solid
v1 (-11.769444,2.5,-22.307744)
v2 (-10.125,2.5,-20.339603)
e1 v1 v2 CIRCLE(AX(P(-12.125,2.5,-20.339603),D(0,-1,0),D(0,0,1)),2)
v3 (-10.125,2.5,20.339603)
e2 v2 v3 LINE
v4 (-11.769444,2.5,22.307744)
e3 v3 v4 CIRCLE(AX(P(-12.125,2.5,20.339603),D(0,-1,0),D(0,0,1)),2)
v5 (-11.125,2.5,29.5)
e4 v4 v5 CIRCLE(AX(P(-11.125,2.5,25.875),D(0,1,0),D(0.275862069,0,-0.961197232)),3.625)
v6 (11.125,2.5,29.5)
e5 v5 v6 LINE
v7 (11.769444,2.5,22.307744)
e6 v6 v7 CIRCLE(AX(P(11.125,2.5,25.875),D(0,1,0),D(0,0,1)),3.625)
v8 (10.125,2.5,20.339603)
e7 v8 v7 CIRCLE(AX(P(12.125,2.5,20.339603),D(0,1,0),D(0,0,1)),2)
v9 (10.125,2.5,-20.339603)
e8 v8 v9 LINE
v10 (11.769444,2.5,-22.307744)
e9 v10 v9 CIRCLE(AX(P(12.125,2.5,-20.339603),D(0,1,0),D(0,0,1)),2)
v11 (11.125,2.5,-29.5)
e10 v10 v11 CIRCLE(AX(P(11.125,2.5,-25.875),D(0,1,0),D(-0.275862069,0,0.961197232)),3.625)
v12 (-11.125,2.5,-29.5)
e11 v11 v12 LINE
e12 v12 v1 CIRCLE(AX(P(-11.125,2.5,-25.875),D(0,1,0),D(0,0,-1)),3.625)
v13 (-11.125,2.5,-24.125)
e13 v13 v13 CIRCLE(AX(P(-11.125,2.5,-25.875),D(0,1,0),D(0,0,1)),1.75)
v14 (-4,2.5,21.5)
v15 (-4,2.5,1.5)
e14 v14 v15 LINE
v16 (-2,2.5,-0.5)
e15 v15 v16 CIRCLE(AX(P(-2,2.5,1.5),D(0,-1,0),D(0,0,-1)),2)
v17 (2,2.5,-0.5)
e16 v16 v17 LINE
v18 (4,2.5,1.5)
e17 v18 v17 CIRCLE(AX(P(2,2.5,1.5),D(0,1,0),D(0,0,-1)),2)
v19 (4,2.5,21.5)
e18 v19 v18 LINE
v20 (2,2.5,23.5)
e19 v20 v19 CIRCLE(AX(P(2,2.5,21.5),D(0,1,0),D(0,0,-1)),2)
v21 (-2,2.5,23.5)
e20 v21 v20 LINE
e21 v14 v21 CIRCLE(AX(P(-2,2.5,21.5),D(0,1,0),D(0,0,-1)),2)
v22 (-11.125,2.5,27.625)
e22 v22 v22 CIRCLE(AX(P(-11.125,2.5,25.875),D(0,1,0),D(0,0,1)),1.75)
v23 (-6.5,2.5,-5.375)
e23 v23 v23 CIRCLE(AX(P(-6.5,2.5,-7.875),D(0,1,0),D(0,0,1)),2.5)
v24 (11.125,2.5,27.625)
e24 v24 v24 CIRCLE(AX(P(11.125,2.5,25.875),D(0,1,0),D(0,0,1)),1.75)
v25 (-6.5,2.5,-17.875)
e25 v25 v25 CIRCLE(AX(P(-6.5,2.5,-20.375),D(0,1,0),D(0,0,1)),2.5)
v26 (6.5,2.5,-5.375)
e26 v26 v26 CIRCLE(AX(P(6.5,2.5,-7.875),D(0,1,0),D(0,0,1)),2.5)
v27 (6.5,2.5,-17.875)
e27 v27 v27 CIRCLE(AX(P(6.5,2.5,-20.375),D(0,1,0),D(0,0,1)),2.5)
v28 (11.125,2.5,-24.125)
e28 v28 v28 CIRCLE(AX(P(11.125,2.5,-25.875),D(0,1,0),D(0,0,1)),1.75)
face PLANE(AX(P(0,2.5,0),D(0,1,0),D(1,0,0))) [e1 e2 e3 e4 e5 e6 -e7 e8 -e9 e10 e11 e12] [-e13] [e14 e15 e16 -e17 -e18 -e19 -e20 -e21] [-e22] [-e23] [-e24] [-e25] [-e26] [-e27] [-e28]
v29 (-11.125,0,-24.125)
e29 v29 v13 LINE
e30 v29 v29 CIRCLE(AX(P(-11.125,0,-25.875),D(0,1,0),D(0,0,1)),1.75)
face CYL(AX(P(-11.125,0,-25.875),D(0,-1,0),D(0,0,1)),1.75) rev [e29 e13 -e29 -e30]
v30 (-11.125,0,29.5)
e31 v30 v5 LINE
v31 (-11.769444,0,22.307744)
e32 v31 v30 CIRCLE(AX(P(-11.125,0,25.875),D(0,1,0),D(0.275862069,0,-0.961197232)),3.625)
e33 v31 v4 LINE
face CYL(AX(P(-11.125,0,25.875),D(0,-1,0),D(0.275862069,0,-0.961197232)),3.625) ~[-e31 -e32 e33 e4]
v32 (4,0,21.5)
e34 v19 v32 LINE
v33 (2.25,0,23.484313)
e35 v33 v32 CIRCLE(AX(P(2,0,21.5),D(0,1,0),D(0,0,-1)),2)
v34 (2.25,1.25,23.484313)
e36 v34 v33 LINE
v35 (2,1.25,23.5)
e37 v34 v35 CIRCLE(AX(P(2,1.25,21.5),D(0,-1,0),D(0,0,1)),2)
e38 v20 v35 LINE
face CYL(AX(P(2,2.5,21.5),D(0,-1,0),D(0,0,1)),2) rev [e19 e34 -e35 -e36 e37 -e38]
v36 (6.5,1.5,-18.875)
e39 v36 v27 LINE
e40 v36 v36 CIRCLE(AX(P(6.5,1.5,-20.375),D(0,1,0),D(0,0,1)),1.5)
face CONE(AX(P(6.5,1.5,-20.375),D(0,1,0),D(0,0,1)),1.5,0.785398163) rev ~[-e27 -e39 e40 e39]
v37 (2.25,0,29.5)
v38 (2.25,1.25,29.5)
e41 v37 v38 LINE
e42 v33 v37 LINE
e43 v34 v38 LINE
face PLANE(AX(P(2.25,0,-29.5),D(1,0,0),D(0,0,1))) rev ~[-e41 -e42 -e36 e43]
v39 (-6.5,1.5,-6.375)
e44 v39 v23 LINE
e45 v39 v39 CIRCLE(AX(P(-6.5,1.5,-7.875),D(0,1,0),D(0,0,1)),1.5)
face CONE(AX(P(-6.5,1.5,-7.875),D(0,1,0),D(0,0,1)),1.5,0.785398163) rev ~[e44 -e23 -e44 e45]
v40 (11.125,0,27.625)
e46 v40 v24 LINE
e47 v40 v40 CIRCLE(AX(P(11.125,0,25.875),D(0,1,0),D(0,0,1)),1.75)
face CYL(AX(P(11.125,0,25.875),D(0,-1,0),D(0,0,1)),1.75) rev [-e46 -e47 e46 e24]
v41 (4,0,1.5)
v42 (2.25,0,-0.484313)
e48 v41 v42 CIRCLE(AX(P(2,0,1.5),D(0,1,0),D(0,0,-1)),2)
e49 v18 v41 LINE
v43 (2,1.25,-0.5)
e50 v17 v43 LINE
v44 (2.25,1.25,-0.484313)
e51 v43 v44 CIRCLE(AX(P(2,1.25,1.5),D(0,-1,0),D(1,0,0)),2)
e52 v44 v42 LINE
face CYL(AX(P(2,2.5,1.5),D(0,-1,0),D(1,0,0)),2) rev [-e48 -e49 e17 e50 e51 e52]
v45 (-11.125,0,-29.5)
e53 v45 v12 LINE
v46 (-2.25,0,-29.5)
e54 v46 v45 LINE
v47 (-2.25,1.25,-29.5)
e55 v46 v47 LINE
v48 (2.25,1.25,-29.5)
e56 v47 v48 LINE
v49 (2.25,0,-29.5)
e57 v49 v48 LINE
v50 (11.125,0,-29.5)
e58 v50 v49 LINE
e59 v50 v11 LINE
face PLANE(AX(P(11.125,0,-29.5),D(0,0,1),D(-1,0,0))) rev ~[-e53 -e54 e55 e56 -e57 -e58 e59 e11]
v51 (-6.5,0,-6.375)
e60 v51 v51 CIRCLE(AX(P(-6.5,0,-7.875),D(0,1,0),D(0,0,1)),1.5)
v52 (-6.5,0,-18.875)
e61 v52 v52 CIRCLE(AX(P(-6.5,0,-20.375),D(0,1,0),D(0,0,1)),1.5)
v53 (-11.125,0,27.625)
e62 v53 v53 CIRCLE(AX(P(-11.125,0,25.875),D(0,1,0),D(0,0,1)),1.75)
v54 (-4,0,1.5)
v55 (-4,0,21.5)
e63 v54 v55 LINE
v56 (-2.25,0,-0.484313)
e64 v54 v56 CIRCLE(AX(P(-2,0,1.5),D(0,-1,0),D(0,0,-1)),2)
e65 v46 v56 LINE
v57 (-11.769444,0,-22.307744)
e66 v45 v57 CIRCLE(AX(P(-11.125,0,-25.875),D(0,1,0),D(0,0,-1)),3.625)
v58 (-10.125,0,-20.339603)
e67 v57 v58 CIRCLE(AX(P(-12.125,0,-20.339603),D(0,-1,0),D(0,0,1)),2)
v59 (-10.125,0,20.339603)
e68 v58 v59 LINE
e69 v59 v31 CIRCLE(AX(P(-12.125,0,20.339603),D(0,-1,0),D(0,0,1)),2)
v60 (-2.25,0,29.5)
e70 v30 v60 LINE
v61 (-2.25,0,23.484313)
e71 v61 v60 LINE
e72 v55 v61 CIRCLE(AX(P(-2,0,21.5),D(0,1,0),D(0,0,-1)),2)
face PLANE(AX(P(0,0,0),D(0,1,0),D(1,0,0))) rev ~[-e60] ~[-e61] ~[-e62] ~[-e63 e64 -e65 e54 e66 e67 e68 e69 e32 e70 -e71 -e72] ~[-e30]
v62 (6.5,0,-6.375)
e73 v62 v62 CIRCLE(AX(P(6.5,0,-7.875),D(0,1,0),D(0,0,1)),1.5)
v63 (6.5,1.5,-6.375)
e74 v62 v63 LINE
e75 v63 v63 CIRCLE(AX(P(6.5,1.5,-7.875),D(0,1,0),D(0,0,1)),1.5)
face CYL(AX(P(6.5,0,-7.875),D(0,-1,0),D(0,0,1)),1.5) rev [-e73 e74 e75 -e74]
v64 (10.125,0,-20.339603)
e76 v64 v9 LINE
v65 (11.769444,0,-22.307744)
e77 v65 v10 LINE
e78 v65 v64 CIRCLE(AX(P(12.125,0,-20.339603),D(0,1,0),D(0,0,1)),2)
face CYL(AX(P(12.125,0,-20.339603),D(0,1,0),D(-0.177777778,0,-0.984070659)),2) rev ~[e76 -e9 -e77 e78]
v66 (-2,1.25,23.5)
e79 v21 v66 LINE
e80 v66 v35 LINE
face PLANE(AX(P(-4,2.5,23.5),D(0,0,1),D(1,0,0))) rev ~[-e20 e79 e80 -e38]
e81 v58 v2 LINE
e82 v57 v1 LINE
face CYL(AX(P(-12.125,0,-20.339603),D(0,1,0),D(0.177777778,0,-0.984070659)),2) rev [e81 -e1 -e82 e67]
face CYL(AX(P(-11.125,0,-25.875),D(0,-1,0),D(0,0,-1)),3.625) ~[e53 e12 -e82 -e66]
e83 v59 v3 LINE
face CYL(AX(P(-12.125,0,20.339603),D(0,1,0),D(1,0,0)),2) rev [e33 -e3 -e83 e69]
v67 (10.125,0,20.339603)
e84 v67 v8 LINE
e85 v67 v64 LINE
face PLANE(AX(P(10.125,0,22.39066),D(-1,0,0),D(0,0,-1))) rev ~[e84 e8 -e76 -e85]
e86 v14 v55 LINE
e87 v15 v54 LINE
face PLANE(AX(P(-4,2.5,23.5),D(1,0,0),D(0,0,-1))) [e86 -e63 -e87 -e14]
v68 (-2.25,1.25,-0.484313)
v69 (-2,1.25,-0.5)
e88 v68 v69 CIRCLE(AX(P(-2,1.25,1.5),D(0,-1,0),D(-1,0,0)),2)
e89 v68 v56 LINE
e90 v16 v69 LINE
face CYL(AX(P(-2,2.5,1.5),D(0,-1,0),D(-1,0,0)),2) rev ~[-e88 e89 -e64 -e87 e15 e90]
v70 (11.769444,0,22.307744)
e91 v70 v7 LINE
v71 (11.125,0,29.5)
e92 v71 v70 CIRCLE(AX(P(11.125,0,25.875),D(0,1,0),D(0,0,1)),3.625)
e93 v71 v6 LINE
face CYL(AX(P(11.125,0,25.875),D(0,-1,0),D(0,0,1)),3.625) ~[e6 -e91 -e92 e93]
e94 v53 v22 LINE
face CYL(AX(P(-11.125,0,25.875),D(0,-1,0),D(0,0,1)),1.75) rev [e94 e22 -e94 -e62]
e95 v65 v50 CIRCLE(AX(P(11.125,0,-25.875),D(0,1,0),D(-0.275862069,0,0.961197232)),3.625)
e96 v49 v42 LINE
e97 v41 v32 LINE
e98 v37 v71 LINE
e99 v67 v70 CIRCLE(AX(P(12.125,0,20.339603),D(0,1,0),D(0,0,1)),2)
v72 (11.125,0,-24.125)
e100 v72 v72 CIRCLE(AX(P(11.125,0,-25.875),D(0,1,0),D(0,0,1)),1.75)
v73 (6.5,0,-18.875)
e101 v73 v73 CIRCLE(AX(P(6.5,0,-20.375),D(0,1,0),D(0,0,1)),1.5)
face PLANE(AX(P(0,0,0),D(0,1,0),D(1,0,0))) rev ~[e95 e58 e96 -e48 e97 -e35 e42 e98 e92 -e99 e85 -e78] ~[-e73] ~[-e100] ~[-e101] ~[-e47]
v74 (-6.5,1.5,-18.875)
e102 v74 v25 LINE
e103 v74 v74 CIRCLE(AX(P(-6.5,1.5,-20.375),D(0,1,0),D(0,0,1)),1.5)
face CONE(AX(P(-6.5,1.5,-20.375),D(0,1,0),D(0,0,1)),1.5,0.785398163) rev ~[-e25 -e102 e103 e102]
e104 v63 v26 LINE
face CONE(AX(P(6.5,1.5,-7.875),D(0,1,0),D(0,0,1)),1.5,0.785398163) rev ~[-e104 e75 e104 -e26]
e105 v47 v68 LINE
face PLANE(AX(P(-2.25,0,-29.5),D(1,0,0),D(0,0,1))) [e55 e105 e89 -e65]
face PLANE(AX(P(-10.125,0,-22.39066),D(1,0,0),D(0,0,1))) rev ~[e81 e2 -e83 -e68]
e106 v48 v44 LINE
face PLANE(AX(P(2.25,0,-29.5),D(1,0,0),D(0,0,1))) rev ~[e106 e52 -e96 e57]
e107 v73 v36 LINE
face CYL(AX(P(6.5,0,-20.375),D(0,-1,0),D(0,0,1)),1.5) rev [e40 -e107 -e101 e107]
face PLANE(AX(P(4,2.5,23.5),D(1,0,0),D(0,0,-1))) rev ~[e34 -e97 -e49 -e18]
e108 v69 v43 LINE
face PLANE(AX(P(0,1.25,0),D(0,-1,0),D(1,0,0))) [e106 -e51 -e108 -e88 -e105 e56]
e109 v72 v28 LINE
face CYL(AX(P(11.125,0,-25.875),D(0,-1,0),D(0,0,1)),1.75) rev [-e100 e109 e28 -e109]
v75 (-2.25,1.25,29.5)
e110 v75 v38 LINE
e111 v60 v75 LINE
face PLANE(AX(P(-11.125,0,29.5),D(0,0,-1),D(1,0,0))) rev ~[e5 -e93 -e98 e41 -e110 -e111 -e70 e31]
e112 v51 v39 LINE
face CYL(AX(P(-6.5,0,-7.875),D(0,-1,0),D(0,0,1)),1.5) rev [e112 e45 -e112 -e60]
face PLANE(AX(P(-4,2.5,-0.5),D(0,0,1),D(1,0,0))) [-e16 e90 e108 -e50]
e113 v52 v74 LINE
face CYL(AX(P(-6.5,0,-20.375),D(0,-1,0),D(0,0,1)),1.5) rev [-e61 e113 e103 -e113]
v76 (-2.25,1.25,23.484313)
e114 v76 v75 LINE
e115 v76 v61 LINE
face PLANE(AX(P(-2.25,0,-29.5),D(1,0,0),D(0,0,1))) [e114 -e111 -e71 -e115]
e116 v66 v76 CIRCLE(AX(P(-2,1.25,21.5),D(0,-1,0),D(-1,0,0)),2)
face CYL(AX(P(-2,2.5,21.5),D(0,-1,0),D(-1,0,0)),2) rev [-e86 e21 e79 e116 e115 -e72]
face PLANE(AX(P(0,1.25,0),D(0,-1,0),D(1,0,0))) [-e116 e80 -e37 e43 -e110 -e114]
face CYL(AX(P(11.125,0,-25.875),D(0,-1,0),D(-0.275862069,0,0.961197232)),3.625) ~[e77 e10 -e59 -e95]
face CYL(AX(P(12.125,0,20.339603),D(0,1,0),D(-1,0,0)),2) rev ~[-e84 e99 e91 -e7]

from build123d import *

# Parameters (mm, degrees)
SKETCH1_R           = 1.5
SKETCH1_R_2         = 1.75
BOSS_EXTRUDE1_DEPTH = 2.5
CHAMFER1_SIZE       = 1
CUT_EXTRUDE1_REACH  = 35.077
SKETCH2_W           = 8
SKETCH2_H           = 24
FILLET1_R           = 2
SKETCH3_W           = 4.5
SKETCH3_H           = 59
CUT_EXTRUDE2_DEPTH  = 1.25


with BuildPart() as part:
    # Sketch1 → Boss-Extrude1 (new body)
    with BuildSketch(Plane(origin=(0, 0, 0), x_dir=(1, 0, 0), z_dir=(0, 1, 0))):
        with BuildLine():
            Line((11.125, 29.5), (-11.125, 29.5))
            ThreePointArc((-11.125, 29.5), (-14.714662754, 25.370077916), (-10.125, 22.390660034))
            Line((-10.125, 22.390660034), (-10.125, -22.390660034))
            ThreePointArc((-10.125, -22.390660034), (-14.714662754, -25.370077916), (-11.125, -29.5))
            Line((-11.125, -29.5), (11.125, -29.5))
            ThreePointArc((11.125, -29.5), (14.714662754, -25.370077916), (10.125, -22.390660034))
            Line((10.125, -22.390660034), (10.125, 22.390660034))
            ThreePointArc((10.125, 22.390660034), (14.714662754, 25.370077916), (11.125, 29.5))
        make_face()
        with Locations(Location((-6.5, 7.875, 0), (0, 0, 270))):
            Circle(SKETCH1_R, mode=Mode.SUBTRACT)
        with Locations(Location((6.5, 20.375, 0), (0, 0, 270))):
            Circle(SKETCH1_R, mode=Mode.SUBTRACT)
        with Locations(Location((-6.5, 20.375, 0), (0, 0, 270))):
            Circle(SKETCH1_R, mode=Mode.SUBTRACT)
        with Locations(Location((6.5, 7.875, 0), (0, 0, 270))):
            Circle(SKETCH1_R, mode=Mode.SUBTRACT)
        with Locations(Location((-11.125, 25.875, 0), (0, 0, 270))):
            Circle(SKETCH1_R_2, mode=Mode.SUBTRACT)
        with Locations(Location((11.125, 25.875, 0), (0, 0, 270))):
            Circle(SKETCH1_R_2, mode=Mode.SUBTRACT)
        with Locations(Location((-11.125, -25.875, 0), (0, 0, 270))):
            Circle(SKETCH1_R_2, mode=Mode.SUBTRACT)
        with Locations(Location((11.125, -25.875, 0), (0, 0, 270))):
            Circle(SKETCH1_R_2, mode=Mode.SUBTRACT)
    extrude(amount=BOSS_EXTRUDE1_DEPTH)

    # Chamfer1
    chamfer1_edges = [part.edges().sort_by_distance(p)[0] for p in [
        (6.5, 2.5, -21.875),
        (-6.5, 2.5, -21.875),
        (-6.5, 2.5, -9.375),
        (6.5, 2.5, -9.375),
    ]]
    chamfer(chamfer1_edges, length=CHAMFER1_SIZE)

    # Sketch2 → Cut-Extrude1 (cut, up to next)
    with BuildSketch(Plane(origin=(0, 2.5, 0), x_dir=(1, 0, 0), z_dir=(0, 1, 0)), mode=Mode.PRIVATE) as cut_extrude1_sk1:
        with Locations((0, -11.5)):
            Rectangle(SKETCH2_W, SKETCH2_H)
    cut_extrude1_tool1 = extrude(cut_extrude1_sk1.sketch, amount=-CUT_EXTRUDE1_REACH, mode=Mode.PRIVATE) & part.part
    add(cut_extrude1_tool1.solids().sort_by_distance((0, 2.5, 11.5))[0], mode=Mode.SUBTRACT)

    # Fillet1
    fillet1_edges = [part.edges().sort_by_distance(p)[0] for p in [
        (-10.125, 1.25, 22.390660034),
        (-10.125, 1.25, -22.390660034),
        (10.125, 1.25, -22.390660034),
        (10.125, 1.25, 22.390660034),
        (4, 1.25, -0.5),
        (4, 1.25, 23.5),
        (-4, 1.25, 23.5),
        (-4, 1.25, -0.5),
    ]]
    fillet(fillet1_edges, radius=FILLET1_R)

    # Sketch3 → Cut-Extrude2 (cut)
    with BuildSketch(Plane.XZ):
        Rectangle(SKETCH3_W, SKETCH3_H)
    extrude(amount=-CUT_EXTRUDE2_DEPTH, mode=Mode.SUBTRACT)


solid = part.part
